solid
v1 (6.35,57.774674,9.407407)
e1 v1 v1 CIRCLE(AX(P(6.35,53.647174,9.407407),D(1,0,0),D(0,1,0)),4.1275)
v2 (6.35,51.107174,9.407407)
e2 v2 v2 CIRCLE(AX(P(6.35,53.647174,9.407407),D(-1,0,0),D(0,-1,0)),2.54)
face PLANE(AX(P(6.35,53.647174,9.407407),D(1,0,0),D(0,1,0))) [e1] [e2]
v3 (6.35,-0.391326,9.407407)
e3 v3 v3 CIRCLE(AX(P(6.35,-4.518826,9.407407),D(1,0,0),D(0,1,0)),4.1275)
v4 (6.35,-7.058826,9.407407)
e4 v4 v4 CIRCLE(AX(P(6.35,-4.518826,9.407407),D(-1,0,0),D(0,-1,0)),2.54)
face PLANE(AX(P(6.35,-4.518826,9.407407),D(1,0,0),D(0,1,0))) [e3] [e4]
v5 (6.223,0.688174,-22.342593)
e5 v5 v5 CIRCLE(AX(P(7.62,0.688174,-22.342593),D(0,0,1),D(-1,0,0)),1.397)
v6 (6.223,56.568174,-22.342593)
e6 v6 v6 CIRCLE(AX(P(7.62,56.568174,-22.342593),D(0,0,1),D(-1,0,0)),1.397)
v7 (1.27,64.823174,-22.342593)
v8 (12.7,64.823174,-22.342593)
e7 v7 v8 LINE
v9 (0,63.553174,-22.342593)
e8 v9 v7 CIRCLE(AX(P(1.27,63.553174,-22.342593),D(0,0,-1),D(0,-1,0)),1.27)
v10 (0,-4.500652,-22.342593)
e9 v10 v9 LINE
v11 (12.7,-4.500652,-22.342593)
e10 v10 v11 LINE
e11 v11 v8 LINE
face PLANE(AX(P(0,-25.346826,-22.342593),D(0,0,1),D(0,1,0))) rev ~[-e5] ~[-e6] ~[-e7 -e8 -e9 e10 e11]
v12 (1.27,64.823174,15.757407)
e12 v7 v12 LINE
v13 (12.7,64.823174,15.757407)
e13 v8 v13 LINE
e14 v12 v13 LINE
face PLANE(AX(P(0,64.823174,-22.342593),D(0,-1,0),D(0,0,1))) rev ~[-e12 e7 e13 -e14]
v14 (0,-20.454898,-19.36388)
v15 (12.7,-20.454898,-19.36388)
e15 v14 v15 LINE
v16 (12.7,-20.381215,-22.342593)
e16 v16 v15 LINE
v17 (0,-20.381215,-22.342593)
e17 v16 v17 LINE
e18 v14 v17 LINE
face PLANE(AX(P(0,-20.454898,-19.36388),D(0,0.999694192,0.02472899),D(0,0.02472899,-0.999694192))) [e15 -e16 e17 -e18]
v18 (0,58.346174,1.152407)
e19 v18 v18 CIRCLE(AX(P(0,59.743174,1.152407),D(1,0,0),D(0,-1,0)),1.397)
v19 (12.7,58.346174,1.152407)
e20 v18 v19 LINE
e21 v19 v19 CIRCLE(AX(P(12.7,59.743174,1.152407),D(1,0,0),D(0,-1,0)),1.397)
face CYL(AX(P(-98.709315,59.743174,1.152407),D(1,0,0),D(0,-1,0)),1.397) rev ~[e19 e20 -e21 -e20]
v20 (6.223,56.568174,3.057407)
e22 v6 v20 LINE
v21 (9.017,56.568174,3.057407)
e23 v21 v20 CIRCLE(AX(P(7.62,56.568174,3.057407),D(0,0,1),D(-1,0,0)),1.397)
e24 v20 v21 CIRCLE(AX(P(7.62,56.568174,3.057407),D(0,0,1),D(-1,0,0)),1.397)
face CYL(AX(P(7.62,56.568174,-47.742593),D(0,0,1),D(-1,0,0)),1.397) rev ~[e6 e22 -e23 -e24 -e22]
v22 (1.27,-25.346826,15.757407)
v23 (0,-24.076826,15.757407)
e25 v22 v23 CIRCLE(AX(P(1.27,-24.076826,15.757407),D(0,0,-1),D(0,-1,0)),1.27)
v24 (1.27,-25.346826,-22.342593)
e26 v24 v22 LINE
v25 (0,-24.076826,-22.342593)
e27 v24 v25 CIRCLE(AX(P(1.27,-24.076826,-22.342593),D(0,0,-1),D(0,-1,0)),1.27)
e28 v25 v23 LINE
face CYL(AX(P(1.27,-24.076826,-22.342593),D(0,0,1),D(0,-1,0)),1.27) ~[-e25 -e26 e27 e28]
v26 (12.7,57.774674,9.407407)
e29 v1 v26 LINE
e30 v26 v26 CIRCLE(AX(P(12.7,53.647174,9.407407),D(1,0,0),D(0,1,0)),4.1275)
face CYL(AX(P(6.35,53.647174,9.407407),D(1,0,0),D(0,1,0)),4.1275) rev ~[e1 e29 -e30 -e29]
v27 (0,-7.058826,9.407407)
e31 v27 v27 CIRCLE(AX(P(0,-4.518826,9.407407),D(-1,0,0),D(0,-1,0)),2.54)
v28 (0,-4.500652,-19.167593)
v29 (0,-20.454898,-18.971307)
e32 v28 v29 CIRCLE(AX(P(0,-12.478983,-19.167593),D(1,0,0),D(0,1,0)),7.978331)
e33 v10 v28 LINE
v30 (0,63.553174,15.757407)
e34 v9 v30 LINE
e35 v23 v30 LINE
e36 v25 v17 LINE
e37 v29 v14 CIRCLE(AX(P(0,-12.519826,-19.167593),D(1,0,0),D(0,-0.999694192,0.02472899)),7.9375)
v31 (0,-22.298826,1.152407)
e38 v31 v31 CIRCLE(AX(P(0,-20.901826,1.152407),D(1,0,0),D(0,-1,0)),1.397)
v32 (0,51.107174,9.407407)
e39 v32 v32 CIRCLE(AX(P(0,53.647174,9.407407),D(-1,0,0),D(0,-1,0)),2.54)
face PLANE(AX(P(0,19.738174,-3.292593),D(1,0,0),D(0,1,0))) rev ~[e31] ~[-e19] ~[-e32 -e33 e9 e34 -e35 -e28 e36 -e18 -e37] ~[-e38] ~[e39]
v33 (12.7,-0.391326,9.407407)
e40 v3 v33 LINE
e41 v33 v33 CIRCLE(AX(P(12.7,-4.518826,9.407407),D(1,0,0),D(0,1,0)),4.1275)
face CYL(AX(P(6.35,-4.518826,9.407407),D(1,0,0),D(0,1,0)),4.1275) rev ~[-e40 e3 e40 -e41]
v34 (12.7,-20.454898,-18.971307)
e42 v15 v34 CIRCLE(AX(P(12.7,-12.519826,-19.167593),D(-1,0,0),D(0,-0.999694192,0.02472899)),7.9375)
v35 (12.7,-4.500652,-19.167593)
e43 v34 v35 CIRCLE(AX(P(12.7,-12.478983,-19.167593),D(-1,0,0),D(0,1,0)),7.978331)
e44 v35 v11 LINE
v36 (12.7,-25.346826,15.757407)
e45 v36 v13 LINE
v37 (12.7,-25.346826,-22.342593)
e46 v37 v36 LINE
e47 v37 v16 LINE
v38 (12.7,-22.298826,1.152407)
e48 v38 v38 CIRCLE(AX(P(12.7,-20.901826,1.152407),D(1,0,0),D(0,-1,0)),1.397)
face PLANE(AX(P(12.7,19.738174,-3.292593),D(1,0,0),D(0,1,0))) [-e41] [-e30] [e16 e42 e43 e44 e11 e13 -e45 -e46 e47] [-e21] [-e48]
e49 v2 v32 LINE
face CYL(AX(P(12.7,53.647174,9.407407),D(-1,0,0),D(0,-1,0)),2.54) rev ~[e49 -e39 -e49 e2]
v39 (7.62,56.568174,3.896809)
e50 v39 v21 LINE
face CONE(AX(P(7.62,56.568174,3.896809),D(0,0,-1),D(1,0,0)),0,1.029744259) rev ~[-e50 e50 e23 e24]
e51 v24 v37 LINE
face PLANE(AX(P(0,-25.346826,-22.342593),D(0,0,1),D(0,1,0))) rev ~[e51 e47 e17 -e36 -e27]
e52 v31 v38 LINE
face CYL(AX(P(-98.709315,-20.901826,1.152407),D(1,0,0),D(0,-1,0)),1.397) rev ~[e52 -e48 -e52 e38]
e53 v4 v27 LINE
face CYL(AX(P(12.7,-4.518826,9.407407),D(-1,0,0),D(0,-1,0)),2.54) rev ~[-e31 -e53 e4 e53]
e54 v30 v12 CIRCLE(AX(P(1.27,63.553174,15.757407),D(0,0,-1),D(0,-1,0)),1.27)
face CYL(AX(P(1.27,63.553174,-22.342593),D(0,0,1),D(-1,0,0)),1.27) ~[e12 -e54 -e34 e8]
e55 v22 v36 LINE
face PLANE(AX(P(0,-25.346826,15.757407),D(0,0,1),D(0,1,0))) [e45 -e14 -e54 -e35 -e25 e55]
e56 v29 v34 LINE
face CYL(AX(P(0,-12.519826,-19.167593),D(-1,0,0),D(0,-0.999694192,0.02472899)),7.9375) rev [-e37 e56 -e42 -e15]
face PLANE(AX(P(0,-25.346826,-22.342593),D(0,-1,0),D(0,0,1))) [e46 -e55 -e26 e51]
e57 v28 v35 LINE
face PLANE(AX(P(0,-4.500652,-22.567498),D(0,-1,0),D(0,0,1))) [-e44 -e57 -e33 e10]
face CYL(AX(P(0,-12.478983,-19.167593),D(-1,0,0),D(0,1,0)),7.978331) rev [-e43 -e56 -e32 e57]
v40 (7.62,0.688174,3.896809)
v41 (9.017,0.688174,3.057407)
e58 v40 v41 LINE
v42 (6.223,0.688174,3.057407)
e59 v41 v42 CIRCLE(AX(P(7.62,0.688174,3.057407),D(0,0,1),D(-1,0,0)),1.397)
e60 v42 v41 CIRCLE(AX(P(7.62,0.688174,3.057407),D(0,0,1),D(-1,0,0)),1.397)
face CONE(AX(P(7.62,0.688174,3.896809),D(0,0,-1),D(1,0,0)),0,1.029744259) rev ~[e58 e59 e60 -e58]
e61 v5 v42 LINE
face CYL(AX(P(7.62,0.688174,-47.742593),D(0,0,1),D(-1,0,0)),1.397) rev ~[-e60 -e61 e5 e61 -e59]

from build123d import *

# Parameters (mm, degrees)
F0_W           = 90.17
F0_H           = 38.1
F1_DEPTH       = 12.7
F2_D           = 2.794
F4_D           = 5.08
F4_CBORE_D     = 8.255
F4_CBORE_DEPTH = 6.35
F6_DEPTH       = 12.701
F8_D           = 2.794
F8_DEPTH       = 25.4
F8_TIP         = 0.8394022848
F9_R           = 1.27


with BuildPart() as f1:
    # F0 (on Right) → F1 (new body)
    with BuildSketch(Plane.YZ):
        with Locations((19.7381743398, -3.2925931737)):
            Rectangle(F0_W, F0_H)
    extrude(amount=F1_DEPTH)

    # F2 (through all)
    with Locations(Plane(origin=(0, 0, 0), x_dir=(0, 1, 0), z_dir=(-1, 0, 0))):
        with Locations((-20.9018256602, -1.1524068263), (59.7431743398, -1.1524068263)):
            Hole(F2_D / 2)

    # F4 (through all)
    with Locations(Plane.YZ.offset(12.7)):
        with Locations((-4.5188256602, 9.4074068263), (53.6471743398, 9.4074068263)):
            CounterBoreHole(F4_D / 2, F4_CBORE_D / 2, F4_CBORE_DEPTH)

    # F5 (on Right) → F6 (cut, through all)
    with BuildSketch(Plane.YZ):
        with BuildLine():
            ThreePointArc((-4.5006518298, -19.1675931737), (-12.3808319272, -11.1898662261), (-20.4548983074, -18.9713068193))
            ThreePointArc((-20.4548983074, -18.9713068193), (-20.4573256602, -19.1675931737), (-20.4548983074, -19.3638795281))
            Line((-20.4548983074, -19.3638795281), (-20.3756518298, -22.5674978264))
            Line((-20.3756518298, -22.5674978264), (-4.5006518298, -22.5674978264))
            Line((-4.5006518298, -22.5674978264), (-4.5006518298, -19.1675931737))
        make_face()
    extrude(amount=F6_DEPTH, mode=Mode.SUBTRACT)

    # F8
    with Locations(Plane(origin=(0, 0, -22.3425931737), x_dir=(1, 0, 0), z_dir=(0, 0, -1))):
        with Locations((7.62, -0.6881743398), (7.62, -56.5681743398)):
            Hole(F8_D / 2, depth=F8_DEPTH)
            with Locations((0, 0, -(F8_DEPTH + F8_TIP / 2))):  # 118° drill point
                Cone(0, F8_D / 2, F8_TIP, mode=Mode.SUBTRACT)

    # F9
    f9_edges = [f1.edges().sort_by_distance(p)[0] for p in [
        (0, -25.346826, -3.292593),
        (0, 64.823174, -3.292593),
    ]]
    fillet(f9_edges, radius=F9_R)


solid = f1.part
